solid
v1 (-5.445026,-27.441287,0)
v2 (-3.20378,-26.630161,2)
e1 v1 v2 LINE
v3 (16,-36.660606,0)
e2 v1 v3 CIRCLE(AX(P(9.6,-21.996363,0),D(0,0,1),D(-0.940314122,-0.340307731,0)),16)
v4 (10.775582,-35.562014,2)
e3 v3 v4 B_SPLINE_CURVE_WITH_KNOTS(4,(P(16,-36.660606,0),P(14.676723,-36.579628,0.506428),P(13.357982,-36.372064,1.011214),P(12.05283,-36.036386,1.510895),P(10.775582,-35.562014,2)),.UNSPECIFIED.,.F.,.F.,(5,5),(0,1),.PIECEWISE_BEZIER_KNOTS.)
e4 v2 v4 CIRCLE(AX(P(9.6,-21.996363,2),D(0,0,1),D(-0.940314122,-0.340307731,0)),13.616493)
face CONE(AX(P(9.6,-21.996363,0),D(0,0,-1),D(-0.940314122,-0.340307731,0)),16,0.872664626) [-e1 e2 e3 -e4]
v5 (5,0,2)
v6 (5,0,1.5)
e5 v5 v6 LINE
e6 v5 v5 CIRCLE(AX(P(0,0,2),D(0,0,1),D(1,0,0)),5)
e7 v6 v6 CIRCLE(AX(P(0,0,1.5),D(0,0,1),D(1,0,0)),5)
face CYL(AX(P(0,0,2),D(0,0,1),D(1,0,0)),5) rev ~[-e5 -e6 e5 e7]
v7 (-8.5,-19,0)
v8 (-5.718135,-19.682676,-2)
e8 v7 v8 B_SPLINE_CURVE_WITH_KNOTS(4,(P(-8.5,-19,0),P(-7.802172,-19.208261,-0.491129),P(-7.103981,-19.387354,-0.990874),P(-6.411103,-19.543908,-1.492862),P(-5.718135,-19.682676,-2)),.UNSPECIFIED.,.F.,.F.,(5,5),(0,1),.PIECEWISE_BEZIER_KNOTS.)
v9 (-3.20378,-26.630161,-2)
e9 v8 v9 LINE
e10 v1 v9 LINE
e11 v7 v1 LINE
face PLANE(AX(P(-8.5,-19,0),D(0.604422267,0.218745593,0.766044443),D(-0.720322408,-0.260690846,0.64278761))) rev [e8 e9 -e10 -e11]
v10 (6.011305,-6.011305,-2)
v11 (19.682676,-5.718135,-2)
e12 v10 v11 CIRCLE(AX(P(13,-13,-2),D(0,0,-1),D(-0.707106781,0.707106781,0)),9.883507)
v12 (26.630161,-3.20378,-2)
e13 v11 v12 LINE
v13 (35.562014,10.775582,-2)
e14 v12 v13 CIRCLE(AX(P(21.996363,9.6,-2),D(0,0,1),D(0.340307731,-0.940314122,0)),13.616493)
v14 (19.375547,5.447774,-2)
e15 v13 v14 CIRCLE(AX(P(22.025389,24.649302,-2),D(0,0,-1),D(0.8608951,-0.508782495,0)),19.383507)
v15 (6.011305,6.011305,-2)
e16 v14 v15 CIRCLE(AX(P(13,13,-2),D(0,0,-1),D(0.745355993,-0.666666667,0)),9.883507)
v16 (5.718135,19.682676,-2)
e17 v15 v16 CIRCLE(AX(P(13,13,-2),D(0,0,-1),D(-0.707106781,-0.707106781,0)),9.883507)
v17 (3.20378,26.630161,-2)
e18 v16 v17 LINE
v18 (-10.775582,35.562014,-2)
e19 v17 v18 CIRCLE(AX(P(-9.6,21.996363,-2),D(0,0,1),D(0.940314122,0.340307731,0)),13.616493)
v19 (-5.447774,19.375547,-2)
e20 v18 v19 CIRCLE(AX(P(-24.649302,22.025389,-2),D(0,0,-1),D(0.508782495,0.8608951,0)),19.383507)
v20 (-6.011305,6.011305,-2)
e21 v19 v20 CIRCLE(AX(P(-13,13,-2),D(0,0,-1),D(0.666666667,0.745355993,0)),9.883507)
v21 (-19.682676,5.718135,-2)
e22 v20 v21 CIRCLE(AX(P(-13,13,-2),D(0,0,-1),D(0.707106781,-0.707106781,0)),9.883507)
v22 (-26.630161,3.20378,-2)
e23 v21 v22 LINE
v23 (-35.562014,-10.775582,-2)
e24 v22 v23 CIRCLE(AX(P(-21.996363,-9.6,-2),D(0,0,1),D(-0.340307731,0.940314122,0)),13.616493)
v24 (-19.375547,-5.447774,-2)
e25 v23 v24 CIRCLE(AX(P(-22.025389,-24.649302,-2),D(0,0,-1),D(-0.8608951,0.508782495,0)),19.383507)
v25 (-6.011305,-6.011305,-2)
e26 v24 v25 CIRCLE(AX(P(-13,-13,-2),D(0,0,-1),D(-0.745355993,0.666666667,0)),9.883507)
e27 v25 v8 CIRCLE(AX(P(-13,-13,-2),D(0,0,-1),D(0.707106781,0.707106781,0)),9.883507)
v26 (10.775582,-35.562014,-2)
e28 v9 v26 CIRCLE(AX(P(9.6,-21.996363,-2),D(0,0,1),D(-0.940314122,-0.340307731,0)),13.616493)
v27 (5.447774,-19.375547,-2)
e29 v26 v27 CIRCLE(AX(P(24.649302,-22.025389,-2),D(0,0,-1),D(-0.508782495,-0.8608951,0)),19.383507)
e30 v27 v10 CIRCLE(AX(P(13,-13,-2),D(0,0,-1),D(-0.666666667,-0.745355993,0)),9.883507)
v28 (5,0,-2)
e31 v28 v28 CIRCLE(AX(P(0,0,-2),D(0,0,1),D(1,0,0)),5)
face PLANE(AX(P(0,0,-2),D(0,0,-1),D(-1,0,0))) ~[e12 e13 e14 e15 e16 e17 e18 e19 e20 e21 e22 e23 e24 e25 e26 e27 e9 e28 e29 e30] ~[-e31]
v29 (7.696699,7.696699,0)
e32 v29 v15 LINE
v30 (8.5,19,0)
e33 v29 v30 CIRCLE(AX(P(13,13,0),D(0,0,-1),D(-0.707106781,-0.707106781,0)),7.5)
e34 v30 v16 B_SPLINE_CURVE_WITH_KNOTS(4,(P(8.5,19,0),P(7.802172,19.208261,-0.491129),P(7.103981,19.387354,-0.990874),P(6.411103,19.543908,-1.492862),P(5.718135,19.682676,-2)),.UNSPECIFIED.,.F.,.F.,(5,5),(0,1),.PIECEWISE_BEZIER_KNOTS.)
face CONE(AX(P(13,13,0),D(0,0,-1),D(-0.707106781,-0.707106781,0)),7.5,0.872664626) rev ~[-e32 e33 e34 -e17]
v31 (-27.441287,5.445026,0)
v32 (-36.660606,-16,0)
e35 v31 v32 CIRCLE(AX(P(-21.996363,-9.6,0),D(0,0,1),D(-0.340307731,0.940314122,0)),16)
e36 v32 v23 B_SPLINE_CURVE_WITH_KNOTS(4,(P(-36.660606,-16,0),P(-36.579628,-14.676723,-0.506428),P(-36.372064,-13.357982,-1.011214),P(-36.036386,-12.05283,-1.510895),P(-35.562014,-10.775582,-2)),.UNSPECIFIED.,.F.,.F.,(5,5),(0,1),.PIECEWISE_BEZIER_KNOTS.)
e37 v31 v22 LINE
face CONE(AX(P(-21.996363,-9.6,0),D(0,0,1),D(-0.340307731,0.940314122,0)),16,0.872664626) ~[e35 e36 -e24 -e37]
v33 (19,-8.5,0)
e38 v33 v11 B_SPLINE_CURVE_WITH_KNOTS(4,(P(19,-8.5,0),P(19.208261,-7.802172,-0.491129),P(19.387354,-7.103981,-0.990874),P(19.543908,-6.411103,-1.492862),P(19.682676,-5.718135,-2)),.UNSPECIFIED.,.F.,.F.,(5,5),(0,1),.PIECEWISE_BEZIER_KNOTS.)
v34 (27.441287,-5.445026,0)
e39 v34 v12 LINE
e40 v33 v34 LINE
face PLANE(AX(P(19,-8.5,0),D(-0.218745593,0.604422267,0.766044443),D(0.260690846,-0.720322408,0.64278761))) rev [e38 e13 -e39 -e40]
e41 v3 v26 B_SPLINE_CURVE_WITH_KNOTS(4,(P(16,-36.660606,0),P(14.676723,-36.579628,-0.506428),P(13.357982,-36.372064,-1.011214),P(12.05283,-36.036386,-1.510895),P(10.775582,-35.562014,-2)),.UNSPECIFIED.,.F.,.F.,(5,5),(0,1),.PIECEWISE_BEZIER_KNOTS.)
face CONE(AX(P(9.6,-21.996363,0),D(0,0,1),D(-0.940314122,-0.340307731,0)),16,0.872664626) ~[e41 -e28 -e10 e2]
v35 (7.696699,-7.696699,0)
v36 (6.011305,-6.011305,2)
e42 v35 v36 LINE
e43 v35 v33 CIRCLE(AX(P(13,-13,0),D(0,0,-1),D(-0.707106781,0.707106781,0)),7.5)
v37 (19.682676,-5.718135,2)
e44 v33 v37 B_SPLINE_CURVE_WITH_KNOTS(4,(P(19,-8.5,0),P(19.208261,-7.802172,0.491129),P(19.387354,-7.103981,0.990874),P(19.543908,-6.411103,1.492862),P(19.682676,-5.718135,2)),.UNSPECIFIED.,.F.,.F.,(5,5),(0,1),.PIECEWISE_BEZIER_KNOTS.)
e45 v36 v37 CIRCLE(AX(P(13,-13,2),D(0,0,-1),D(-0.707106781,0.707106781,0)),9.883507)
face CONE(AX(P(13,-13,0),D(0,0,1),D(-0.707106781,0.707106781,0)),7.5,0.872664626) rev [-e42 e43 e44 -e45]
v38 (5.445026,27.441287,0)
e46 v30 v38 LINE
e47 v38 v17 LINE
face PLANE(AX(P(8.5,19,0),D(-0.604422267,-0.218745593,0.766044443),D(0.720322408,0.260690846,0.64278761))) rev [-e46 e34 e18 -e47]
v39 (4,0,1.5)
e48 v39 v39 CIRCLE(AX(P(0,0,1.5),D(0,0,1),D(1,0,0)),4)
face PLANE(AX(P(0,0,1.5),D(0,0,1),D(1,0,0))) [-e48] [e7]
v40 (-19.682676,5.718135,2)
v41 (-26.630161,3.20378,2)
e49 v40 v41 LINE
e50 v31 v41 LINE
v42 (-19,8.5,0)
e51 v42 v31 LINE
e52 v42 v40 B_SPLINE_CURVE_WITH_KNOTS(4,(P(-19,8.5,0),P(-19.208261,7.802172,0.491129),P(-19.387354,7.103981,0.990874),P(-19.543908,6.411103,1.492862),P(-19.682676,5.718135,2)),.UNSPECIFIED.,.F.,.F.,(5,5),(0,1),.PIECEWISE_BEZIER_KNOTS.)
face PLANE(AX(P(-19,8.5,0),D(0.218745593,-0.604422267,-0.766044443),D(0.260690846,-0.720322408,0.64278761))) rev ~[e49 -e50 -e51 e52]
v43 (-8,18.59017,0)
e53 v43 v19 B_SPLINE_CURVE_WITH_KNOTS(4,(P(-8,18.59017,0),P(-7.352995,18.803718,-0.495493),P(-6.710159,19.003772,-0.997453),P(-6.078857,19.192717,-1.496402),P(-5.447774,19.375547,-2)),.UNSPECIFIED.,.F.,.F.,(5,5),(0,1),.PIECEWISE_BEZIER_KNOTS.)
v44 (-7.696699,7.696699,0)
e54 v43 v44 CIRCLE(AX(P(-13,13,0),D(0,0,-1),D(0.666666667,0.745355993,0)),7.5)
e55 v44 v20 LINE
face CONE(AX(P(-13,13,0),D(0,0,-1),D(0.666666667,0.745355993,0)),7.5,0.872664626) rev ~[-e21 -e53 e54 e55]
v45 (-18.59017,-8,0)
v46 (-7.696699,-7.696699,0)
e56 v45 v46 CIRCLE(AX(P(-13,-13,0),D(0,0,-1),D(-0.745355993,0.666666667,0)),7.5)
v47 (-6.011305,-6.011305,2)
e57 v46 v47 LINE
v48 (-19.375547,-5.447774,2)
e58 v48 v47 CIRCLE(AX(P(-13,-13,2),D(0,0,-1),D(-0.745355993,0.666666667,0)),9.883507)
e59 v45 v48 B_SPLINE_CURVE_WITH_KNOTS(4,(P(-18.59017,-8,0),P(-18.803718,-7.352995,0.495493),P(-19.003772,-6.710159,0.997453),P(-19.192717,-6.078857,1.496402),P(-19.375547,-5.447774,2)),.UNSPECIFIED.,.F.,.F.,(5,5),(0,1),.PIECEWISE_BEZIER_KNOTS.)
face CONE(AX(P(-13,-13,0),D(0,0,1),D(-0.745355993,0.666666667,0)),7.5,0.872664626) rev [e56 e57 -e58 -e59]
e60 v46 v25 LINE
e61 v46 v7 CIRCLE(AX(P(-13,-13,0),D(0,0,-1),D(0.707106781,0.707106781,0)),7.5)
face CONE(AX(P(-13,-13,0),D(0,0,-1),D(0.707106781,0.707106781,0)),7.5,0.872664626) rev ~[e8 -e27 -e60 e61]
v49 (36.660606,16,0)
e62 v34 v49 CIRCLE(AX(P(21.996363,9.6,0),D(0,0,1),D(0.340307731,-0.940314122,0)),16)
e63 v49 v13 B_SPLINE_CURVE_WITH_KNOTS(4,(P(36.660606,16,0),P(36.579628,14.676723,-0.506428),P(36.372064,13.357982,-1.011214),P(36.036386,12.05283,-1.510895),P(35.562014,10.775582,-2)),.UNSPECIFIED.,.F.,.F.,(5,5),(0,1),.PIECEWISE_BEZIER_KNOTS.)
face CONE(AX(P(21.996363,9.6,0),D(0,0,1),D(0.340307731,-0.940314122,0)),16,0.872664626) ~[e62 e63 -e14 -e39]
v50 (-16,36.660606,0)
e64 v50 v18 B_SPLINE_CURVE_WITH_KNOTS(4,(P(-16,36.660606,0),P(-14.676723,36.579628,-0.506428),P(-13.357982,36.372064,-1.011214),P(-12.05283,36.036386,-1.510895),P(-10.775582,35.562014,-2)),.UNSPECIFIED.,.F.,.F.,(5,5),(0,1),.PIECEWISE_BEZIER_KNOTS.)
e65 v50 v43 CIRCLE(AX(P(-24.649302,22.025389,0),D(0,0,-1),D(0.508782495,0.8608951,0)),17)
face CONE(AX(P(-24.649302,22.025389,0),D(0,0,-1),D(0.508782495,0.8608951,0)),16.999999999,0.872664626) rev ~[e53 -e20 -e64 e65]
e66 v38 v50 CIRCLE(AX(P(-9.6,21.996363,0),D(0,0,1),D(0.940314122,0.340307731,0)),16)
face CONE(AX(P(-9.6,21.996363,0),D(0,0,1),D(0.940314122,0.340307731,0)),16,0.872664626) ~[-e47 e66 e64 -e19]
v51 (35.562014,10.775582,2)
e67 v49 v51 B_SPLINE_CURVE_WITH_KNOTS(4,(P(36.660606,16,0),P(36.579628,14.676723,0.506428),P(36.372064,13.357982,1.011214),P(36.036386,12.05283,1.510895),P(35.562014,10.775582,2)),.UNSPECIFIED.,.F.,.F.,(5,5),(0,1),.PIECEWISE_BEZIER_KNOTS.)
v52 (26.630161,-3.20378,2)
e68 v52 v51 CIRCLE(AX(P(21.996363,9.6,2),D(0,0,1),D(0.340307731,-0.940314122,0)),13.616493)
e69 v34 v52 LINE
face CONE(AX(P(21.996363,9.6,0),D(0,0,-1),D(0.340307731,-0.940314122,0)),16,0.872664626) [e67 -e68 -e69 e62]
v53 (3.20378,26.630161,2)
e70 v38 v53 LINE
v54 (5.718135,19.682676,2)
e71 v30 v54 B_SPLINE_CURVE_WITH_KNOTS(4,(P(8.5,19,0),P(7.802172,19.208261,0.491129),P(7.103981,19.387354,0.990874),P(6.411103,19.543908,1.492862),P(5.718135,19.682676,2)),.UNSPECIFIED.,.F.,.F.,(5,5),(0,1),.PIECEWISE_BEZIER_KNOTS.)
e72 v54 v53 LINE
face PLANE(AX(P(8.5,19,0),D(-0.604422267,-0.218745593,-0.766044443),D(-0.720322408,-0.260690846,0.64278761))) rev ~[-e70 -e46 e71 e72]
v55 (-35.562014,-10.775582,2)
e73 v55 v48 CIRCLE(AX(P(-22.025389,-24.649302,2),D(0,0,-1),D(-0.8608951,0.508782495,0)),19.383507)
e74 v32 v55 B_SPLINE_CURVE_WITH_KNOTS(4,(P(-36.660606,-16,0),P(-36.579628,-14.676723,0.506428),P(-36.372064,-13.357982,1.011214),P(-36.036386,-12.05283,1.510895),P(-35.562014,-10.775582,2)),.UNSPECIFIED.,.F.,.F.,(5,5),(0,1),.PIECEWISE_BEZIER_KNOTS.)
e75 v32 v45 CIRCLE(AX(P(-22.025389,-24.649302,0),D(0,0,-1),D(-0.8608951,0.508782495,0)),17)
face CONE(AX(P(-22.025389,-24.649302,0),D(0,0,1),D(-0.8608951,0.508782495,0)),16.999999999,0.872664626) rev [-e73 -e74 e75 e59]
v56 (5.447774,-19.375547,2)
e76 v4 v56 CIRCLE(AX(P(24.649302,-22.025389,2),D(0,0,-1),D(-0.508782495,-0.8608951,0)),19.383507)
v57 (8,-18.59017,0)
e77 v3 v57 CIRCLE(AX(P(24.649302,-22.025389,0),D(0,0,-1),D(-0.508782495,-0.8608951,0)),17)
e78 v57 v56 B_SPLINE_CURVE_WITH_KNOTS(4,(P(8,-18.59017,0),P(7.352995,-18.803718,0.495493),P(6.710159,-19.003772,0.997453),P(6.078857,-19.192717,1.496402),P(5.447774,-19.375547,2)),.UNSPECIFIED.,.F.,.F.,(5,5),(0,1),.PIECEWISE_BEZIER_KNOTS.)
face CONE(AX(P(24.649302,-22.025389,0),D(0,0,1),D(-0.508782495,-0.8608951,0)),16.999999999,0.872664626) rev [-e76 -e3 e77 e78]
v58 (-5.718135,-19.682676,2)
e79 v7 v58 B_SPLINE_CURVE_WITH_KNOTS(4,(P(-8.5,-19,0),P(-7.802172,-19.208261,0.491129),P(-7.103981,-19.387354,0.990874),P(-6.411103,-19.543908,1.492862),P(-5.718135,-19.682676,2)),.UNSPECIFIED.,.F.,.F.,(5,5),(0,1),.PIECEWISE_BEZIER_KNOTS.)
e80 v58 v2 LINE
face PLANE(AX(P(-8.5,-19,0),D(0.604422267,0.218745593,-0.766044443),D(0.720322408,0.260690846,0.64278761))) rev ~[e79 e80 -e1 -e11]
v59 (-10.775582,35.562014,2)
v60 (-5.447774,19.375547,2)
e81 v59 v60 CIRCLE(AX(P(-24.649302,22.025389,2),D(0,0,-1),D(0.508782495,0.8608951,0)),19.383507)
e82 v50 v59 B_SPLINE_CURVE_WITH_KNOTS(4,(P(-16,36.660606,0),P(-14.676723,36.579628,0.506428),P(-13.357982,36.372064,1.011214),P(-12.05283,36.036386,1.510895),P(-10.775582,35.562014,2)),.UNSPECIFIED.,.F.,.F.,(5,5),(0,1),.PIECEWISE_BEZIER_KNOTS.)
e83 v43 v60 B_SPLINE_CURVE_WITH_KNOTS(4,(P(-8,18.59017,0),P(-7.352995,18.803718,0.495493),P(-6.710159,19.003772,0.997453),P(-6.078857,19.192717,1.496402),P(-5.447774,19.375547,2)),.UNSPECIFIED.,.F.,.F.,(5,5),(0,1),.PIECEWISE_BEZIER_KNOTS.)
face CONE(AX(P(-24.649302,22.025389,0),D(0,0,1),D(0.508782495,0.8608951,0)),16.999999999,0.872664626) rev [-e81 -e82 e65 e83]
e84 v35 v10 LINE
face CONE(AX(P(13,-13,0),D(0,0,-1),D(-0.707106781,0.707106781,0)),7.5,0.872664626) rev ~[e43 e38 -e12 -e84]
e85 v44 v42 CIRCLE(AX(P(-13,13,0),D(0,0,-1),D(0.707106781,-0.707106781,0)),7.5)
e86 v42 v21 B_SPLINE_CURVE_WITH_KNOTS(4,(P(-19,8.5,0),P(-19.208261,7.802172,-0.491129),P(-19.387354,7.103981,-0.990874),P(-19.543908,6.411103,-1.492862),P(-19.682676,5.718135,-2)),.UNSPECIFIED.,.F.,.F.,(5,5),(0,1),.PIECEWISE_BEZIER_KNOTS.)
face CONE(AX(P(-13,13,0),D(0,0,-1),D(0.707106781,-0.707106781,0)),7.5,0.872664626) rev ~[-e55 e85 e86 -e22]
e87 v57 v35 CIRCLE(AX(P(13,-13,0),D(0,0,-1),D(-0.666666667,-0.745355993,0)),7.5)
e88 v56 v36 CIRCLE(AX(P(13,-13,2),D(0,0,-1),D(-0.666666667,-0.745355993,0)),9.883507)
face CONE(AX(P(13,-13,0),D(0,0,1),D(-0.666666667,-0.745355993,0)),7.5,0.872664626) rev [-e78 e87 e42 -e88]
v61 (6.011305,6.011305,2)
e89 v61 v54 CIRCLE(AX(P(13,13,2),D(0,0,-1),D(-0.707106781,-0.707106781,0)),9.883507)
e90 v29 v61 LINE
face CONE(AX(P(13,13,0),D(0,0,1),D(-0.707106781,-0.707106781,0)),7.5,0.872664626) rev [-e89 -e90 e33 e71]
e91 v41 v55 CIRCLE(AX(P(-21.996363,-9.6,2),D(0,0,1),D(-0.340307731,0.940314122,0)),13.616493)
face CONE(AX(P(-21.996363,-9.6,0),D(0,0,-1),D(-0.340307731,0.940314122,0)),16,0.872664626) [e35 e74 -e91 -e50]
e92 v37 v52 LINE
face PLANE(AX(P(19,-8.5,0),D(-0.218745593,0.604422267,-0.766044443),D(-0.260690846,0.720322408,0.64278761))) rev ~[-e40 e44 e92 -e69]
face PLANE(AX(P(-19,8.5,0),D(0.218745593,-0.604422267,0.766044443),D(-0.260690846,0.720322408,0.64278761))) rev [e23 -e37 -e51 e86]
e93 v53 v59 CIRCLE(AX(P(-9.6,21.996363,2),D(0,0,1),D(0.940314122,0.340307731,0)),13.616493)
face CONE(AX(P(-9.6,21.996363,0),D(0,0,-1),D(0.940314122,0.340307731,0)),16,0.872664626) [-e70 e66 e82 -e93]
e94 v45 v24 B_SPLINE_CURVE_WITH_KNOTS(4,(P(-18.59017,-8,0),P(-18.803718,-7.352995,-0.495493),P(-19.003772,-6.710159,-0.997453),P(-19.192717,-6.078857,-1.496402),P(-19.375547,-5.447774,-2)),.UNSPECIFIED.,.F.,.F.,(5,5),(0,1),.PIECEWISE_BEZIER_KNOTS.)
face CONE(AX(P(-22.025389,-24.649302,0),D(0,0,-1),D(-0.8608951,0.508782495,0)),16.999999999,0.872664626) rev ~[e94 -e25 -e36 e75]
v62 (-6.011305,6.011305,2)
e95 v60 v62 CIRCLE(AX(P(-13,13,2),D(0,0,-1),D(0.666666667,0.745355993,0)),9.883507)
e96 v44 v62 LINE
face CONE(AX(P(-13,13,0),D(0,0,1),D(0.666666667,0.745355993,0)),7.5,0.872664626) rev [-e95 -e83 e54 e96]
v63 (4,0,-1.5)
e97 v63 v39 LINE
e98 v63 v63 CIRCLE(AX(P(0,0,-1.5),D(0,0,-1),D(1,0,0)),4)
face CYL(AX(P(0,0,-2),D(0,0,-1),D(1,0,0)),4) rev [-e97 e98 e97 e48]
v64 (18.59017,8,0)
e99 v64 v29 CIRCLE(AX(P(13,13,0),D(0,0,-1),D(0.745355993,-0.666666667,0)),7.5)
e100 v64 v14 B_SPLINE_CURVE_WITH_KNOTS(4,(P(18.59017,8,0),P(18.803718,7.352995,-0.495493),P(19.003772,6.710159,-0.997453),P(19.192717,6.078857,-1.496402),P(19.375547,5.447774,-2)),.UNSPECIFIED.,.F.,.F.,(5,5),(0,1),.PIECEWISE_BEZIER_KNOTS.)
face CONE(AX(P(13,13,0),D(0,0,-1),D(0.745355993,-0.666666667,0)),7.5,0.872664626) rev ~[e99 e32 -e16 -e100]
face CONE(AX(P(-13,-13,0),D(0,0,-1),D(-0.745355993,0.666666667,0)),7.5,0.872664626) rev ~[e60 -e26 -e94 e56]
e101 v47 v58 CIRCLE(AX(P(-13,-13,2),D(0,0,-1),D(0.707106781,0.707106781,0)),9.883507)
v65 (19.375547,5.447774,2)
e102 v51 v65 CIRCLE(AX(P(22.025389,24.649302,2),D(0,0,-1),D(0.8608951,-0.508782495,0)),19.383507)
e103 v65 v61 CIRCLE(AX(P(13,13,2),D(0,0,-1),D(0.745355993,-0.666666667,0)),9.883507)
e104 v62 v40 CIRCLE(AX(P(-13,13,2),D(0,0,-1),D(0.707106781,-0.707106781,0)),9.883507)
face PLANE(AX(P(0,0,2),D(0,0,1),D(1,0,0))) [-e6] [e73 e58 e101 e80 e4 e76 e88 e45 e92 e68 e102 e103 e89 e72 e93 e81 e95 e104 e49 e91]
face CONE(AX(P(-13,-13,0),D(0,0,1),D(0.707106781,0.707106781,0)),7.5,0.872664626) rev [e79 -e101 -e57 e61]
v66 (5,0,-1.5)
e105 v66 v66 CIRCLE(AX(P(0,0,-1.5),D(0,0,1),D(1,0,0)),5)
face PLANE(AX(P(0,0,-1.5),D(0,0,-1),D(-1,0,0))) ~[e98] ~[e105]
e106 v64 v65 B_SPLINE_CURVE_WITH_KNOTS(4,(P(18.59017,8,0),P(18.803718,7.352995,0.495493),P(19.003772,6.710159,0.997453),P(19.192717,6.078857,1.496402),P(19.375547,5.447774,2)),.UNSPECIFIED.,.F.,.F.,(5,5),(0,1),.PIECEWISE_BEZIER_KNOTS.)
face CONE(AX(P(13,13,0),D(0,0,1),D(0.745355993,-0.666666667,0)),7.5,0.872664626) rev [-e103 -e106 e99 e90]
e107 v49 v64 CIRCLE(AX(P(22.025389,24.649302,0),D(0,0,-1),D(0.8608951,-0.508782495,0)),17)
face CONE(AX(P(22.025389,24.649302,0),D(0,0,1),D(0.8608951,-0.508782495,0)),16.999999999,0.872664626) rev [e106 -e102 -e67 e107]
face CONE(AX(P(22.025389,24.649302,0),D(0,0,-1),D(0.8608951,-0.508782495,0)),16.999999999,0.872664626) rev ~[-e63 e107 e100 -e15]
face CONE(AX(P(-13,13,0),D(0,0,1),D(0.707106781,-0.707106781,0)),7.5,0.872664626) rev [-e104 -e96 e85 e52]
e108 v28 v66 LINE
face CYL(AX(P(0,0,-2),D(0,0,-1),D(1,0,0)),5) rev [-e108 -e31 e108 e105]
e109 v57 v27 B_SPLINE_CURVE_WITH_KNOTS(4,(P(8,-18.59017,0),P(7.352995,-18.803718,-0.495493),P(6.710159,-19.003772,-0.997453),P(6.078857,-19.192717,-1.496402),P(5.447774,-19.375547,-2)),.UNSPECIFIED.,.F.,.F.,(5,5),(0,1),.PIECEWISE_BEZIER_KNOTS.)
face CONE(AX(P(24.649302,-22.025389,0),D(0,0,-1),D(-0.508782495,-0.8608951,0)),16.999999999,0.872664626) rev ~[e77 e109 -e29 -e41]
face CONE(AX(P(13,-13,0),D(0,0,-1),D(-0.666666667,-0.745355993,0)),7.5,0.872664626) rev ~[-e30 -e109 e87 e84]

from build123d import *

# Parameters (mm, degrees)
BOSS_EXTRUDE1_DEPTH = 2
BOSS_EXTRUDE1_TAPER = 50
SKETCH2_R           = 5
CUT_EXTRUDE1_DEPTH  = 0.5
SKETCH4_R           = 4
CUT_EXTRUDE2_DEPTH  = 54.772179322


with BuildPart() as part:
    # Sketch1 → Boss-Extrude1 (new body)
    with BuildSketch(Plane.XY):
        with BuildLine():
            Line((8.5, 19), (5.445025952, 27.441287035))
            ThreePointArc((5.445025952, 27.441287035), (-3.280737627, 36.695578385), (-16, 36.66060556))
            ThreePointArc((-16, 36.66060556), (-9.104527974, 28.907248173), (-8, 18.590169944))
            ThreePointArc((-8, 18.590169944), (-5.502905317, 13.208737444), (-7.696699141, 7.696699141))
            ThreePointArc((-7.696699141, 7.696699141), (-13.531667651, 5.518868434), (-19, 8.5))
            Line((-19, 8.5), (-27.441287035, 5.445025952))
            ThreePointArc((-27.441287035, 5.445025952), (-36.695578385, -3.280737627), (-36.66060556, -16))
            ThreePointArc((-36.66060556, -16), (-28.907248173, -9.104527974), (-18.590169944, -8))
            ThreePointArc((-18.590169944, -8), (-13.208737444, -5.502905317), (-7.696699141, -7.696699141))
            ThreePointArc((-7.696699141, -7.696699141), (-5.518868434, -13.531667651), (-8.5, -19))
            Line((-8.5, -19), (-5.445025952, -27.441287035))
            ThreePointArc((-5.445025952, -27.441287035), (3.280737627, -36.695578385), (16, -36.66060556))
            ThreePointArc((16, -36.66060556), (9.104527974, -28.907248173), (8, -18.590169944))
            ThreePointArc((8, -18.590169944), (5.502905317, -13.208737444), (7.696699141, -7.696699141))
            ThreePointArc((7.696699141, -7.696699141), (13.531667651, -5.518868434), (19, -8.5))
            Line((19, -8.5), (27.441287035, -5.445025952))
            ThreePointArc((27.441287035, -5.445025952), (36.695578385, 3.280737627), (36.66060556, 16))
            ThreePointArc((36.66060556, 16), (28.907248173, 9.104527974), (18.590169944, 8))
            ThreePointArc((18.590169944, 8), (13.208737444, 5.502905317), (7.696699141, 7.696699141))
            ThreePointArc((7.696699141, 7.696699141), (5.518868434, 13.531667651), (8.5, 19))
        make_face()
    boss_extrude1 = extrude(amount=BOSS_EXTRUDE1_DEPTH, taper=BOSS_EXTRUDE1_TAPER)

    # Sketch2 → Cut-Extrude1 (cut)
    with BuildSketch(Plane.XY.offset(2)):
        Circle(SKETCH2_R)
    cut_extrude1 = extrude(amount=-CUT_EXTRUDE1_DEPTH, mode=Mode.SUBTRACT)

    # Sketch4 → Cut-Extrude2 (cut, through all)
    with BuildSketch(Plane.XY.offset(2)):
        Circle(SKETCH4_R)
    cut_extrude2 = extrude(amount=-CUT_EXTRUDE2_DEPTH, mode=Mode.SUBTRACT)


with BuildPart() as mirror4_1:
    # Mirror4: Boss-Extrude1 across Front Plane
    add(boss_extrude1.mirror(Plane.XY))

    # Mirror4 2: Cut-Extrude1, Cut-Extrude2 across Front Plane
    add(cut_extrude1.mirror(Plane.XY), mode=Mode.SUBTRACT)
    add(cut_extrude2.mirror(Plane.XY), mode=Mode.SUBTRACT)


with BuildPart() as part_1:
    add(part.part)

    # Mirror4 united with what the copies touc: union Mirror4_1
    add(mirror4_1.part)


solid = part_1.part
